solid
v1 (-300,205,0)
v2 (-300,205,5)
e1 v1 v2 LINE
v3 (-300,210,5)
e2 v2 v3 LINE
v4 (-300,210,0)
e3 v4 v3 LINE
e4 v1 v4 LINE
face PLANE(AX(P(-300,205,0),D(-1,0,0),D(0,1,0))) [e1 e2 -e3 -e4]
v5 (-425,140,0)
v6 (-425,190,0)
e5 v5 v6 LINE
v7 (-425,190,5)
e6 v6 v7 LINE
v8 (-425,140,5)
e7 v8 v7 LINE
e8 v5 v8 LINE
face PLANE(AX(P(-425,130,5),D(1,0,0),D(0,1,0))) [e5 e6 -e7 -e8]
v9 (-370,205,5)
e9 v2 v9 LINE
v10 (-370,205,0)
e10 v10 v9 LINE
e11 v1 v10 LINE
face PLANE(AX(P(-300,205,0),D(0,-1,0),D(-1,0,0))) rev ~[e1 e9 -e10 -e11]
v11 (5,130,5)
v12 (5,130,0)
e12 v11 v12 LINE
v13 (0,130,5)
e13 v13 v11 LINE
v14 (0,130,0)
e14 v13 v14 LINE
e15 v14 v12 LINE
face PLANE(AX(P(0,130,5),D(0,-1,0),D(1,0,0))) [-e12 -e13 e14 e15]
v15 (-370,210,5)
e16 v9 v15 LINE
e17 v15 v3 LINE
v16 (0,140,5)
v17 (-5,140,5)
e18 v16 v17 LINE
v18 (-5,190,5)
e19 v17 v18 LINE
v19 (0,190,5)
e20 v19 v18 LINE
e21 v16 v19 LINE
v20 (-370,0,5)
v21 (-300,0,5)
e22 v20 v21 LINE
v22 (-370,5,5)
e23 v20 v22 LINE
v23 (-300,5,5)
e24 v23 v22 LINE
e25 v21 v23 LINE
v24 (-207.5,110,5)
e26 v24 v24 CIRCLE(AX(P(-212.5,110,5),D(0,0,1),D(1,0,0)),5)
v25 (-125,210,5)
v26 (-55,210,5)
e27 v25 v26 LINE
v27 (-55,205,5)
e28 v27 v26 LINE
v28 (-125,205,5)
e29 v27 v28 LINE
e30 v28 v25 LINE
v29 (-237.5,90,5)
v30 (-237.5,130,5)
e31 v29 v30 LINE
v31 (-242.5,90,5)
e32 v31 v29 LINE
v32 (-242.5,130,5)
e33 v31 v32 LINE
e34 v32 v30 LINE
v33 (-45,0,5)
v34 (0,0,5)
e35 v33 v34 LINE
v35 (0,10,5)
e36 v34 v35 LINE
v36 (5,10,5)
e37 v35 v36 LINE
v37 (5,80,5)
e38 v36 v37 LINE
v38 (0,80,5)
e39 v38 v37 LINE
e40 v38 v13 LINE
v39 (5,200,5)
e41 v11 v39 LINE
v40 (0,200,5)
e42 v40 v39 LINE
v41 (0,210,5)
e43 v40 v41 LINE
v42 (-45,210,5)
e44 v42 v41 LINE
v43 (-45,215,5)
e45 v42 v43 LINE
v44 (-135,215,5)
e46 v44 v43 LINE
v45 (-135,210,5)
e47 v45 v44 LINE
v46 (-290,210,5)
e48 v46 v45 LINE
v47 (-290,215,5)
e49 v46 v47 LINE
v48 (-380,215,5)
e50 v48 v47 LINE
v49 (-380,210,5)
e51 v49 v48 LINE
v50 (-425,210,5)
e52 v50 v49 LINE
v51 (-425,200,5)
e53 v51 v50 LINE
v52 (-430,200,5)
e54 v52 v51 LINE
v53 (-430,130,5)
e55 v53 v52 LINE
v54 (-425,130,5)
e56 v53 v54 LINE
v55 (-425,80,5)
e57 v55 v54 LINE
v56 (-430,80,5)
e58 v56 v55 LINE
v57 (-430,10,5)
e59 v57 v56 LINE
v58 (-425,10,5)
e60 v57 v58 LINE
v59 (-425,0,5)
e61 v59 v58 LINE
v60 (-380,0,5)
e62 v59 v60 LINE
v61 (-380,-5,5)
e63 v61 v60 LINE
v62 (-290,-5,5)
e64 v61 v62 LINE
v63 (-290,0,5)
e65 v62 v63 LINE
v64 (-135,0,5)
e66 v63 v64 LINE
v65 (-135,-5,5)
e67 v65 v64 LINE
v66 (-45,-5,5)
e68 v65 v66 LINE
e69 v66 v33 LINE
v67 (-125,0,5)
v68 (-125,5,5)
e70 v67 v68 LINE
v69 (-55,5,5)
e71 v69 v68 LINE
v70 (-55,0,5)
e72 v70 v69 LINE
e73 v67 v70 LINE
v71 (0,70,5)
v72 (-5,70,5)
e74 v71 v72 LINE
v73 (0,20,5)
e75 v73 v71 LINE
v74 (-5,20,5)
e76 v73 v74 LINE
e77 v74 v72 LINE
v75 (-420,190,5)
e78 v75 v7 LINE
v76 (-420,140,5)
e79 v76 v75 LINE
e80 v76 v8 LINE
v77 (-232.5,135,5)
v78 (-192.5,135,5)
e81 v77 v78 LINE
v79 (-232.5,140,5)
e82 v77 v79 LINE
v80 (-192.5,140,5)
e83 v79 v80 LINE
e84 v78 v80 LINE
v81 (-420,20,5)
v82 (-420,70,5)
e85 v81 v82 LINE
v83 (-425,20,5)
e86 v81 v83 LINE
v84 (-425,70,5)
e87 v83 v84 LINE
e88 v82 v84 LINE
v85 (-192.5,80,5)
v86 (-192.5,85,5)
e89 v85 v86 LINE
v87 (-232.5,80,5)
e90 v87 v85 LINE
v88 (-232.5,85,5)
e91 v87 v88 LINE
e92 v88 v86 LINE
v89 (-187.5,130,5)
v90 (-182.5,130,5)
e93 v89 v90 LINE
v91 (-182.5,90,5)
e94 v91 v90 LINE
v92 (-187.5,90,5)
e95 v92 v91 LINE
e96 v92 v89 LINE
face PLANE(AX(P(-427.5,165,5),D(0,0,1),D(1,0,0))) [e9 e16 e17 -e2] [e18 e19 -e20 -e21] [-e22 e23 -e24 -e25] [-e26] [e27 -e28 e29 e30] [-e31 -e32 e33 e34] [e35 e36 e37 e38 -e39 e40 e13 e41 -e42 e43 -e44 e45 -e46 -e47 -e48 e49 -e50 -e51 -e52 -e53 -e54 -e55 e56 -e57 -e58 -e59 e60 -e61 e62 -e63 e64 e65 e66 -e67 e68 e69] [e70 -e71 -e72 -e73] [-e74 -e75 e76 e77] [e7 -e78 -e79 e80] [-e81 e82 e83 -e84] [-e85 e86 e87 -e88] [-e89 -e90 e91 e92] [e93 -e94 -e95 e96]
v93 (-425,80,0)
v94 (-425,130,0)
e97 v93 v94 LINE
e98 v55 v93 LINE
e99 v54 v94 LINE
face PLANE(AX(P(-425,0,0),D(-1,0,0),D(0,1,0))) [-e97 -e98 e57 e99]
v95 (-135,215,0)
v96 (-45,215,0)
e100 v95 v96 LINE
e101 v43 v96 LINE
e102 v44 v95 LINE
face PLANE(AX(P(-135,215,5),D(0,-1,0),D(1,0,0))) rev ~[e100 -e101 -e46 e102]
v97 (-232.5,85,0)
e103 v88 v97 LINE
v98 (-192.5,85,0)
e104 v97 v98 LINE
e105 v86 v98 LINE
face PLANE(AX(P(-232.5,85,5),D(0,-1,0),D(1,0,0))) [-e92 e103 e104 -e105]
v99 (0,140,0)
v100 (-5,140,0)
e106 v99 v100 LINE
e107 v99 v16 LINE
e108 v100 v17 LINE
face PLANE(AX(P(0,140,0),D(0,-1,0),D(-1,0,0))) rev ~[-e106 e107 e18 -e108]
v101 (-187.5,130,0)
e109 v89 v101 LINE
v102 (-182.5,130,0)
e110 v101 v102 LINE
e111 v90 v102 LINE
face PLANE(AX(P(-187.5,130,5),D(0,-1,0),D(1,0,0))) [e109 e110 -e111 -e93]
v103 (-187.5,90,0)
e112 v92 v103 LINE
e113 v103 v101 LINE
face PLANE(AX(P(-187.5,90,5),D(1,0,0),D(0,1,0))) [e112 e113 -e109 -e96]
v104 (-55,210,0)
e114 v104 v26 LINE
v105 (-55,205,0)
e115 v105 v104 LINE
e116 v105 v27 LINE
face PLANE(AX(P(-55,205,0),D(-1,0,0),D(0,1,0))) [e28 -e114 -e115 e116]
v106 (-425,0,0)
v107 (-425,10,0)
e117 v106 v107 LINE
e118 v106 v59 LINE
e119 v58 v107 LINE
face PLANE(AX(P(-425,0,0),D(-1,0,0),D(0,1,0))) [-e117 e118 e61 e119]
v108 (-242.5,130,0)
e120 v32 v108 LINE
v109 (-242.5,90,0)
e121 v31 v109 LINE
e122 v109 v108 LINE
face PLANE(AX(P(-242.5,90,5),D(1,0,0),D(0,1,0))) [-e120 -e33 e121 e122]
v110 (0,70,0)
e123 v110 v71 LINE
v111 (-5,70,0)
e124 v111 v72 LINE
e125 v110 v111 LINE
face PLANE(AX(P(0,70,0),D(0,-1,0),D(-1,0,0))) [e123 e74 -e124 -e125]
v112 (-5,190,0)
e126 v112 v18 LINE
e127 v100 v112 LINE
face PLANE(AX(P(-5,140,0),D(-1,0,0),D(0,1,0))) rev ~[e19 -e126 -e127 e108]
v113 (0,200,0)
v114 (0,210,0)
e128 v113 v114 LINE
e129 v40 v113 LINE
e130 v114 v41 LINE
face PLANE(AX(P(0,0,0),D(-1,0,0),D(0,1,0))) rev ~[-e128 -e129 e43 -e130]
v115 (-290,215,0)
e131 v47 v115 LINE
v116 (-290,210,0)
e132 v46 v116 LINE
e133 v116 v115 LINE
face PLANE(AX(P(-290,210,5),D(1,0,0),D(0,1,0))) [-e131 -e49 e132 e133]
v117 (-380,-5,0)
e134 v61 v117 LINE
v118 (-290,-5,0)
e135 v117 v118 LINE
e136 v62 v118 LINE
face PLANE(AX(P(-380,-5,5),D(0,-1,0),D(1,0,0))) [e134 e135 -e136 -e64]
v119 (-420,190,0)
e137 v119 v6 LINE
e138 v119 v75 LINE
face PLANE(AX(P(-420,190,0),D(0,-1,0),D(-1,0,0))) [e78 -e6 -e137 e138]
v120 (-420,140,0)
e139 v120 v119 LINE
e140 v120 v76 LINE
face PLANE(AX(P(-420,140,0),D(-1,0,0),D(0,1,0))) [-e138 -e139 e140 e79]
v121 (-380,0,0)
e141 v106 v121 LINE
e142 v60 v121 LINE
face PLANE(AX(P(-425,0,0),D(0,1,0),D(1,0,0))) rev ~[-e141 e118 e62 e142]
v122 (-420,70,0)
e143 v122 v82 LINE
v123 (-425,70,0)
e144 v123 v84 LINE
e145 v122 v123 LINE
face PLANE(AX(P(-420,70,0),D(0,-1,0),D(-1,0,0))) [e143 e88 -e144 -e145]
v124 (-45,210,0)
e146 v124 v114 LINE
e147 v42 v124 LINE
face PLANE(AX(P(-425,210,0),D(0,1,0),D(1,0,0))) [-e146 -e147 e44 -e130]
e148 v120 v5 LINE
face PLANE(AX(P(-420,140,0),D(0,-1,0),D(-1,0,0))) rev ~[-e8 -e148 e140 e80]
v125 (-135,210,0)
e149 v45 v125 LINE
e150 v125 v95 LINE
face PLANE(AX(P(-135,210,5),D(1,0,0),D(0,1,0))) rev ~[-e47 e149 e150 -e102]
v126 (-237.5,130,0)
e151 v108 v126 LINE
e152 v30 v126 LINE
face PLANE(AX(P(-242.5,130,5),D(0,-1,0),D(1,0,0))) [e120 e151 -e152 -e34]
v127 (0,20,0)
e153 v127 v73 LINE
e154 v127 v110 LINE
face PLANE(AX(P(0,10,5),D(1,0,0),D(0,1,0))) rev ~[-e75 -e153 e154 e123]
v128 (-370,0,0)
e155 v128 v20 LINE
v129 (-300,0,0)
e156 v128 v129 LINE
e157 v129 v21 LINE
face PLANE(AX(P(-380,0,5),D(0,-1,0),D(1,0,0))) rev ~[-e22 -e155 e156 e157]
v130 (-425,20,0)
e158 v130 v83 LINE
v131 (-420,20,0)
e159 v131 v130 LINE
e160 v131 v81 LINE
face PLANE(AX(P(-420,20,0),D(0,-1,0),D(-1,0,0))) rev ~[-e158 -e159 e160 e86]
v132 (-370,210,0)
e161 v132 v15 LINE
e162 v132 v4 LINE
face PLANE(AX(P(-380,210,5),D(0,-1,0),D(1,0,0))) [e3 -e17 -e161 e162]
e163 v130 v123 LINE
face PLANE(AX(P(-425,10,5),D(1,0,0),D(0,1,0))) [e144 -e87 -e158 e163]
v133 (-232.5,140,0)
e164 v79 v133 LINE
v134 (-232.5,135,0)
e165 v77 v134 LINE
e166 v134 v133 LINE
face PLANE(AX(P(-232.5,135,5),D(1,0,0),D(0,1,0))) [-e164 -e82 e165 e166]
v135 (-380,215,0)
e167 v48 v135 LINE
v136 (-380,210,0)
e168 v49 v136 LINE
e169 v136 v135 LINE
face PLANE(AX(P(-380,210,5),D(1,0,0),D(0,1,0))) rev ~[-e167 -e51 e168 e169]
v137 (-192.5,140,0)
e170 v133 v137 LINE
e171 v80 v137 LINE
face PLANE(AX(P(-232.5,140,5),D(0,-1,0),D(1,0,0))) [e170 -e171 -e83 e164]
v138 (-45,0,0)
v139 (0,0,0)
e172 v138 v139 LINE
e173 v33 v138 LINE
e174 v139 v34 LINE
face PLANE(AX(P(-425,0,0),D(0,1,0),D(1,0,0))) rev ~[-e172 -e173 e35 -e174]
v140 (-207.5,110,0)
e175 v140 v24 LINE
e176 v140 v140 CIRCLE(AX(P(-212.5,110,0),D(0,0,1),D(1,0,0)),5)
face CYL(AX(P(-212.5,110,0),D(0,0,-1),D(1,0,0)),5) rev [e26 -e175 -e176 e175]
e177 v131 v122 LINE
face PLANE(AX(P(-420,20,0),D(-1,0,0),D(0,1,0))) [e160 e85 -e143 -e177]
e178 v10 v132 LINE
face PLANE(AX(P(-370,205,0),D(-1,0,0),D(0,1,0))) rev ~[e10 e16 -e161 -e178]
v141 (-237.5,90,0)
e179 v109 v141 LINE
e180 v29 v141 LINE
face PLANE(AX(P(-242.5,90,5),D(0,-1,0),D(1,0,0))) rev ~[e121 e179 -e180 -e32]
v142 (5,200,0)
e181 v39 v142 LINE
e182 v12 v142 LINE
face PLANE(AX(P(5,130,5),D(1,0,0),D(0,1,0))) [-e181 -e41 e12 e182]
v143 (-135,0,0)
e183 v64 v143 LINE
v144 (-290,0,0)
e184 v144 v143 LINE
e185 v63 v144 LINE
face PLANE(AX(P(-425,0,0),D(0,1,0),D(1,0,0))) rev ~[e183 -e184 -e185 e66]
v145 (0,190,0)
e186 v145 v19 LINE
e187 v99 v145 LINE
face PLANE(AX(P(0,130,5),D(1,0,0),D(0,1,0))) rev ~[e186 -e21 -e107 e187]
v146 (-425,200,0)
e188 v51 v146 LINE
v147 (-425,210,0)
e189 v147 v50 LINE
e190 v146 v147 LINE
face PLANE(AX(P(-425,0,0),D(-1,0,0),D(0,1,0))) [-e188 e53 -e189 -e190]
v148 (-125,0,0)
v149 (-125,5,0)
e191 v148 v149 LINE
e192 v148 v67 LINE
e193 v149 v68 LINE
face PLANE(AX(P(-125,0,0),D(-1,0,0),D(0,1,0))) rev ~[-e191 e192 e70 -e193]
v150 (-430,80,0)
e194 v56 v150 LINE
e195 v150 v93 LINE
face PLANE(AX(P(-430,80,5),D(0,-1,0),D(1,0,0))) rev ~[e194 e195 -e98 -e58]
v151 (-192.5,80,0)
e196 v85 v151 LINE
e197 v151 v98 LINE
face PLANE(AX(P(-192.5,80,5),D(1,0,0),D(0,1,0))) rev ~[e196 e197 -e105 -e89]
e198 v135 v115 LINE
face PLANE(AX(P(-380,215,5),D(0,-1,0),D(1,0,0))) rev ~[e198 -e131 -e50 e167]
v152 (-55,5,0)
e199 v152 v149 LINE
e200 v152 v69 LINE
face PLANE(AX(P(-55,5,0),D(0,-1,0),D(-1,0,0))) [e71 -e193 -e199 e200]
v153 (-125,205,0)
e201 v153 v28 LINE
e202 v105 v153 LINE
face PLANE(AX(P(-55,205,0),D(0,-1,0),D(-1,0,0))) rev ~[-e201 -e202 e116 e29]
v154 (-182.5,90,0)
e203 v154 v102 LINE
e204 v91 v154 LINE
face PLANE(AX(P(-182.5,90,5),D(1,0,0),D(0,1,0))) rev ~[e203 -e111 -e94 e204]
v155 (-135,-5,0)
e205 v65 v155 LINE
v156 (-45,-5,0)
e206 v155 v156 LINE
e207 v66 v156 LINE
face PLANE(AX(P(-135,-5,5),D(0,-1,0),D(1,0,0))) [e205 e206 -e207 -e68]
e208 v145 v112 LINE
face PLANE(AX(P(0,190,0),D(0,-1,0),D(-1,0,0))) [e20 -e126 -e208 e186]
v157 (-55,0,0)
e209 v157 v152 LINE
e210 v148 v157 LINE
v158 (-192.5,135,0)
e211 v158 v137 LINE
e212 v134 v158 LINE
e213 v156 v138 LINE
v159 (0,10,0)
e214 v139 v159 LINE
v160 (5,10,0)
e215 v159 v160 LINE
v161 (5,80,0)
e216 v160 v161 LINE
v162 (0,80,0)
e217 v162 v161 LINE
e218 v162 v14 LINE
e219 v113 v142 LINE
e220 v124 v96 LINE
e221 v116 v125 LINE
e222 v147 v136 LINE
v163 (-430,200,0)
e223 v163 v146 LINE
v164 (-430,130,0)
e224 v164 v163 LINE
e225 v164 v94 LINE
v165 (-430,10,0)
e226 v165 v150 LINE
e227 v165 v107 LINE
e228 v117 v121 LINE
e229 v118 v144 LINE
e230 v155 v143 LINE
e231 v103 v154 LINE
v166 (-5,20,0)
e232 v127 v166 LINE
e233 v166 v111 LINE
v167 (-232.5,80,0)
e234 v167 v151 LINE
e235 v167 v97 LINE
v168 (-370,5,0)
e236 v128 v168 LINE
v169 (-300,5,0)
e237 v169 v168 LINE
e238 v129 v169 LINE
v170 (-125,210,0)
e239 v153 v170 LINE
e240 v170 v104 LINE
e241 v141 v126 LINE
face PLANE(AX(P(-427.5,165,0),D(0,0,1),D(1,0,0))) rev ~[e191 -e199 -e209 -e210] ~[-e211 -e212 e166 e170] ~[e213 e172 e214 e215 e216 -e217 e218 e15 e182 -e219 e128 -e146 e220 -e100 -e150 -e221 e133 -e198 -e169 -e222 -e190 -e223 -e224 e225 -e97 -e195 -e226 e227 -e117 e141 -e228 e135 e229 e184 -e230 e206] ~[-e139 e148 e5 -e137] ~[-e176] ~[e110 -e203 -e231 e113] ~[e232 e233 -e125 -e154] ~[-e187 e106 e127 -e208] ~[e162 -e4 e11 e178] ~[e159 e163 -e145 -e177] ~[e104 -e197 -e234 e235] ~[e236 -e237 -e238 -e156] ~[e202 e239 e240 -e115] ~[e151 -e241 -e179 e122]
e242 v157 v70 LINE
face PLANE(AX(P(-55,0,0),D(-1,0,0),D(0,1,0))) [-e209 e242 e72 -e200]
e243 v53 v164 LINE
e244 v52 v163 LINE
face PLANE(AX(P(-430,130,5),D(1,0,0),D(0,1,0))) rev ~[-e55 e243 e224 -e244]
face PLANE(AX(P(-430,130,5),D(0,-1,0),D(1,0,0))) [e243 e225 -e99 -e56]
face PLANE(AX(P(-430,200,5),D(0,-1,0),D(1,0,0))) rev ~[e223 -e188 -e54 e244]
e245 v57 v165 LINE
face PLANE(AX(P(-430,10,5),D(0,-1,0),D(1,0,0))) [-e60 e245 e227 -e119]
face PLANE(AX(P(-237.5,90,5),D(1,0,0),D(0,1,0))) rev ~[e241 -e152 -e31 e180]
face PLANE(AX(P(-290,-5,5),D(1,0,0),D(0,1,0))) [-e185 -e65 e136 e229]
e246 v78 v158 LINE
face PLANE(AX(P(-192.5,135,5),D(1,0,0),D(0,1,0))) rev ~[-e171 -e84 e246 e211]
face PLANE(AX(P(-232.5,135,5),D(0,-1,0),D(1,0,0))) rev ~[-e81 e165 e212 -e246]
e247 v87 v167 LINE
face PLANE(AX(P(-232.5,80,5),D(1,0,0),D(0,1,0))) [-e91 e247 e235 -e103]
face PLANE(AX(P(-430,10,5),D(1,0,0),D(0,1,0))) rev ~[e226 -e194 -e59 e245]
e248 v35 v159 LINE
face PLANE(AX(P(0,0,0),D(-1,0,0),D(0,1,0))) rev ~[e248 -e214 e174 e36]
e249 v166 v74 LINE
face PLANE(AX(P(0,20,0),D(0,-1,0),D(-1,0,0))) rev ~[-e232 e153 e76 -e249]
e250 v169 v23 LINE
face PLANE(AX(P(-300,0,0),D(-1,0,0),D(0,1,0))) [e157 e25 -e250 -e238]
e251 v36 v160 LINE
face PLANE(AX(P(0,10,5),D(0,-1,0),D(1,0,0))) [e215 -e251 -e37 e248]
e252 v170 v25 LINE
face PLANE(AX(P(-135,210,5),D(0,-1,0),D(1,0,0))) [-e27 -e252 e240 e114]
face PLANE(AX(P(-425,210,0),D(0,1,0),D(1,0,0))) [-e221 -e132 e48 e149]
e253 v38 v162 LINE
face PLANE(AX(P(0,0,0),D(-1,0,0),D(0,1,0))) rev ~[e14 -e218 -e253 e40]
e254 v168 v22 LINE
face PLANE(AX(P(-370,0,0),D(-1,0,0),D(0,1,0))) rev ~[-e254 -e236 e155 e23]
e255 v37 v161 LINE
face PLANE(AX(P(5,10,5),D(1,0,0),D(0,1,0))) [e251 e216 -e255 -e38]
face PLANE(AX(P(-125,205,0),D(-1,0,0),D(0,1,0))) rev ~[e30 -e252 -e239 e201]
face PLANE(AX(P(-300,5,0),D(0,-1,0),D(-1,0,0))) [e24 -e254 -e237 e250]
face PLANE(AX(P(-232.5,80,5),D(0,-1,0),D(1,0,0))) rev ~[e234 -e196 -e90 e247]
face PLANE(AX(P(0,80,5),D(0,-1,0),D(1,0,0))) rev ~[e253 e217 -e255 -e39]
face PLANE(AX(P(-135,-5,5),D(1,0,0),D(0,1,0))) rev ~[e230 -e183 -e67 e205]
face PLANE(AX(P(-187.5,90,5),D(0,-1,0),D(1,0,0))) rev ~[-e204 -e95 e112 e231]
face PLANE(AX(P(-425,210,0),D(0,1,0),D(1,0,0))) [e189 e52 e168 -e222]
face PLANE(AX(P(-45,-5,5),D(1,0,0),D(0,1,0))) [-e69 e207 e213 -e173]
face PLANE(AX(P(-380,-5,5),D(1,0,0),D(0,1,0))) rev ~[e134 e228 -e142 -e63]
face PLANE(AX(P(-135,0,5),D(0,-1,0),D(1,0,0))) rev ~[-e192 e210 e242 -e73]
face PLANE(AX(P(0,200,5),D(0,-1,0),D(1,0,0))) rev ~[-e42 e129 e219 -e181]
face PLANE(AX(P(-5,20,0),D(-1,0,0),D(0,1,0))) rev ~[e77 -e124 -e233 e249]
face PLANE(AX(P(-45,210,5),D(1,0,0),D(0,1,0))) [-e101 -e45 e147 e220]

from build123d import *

# Parameters (mm, degrees)
SKETCH1_W           = 425
SKETCH1_H           = 210
SKETCH1_R           = 5
BOSS_EXTRUDE1_DEPTH = 5
SKETCH2_W           = 70
SKETCH2_H           = 5
SKETCH2_W_2         = 5
SKETCH2_H_2         = 50
CUT_EXTRUDE1_DEPTH  = 5
SKETCH3_W           = 90
SKETCH3_H           = 5
BOSS_EXTRUDE2_DEPTH = 5
SKETCH4_W           = 5
SKETCH4_H           = 70
BOSS_EXTRUDE3_DEPTH = 5
SKETCH5_W           = 5
SKETCH5_H           = 40
SKETCH5_W_2         = 40
SKETCH5_H_2         = 5
CUT_EXTRUDE2_DEPTH  = 5


with BuildPart() as part:
    # Sketch1 → Boss-Extrude1 (new body)
    with BuildSketch(Plane.XY):
        with Locations((-212.5, 105)):
            Rectangle(SKETCH1_W, SKETCH1_H)
        with Locations((-212.5, 110)):
            Circle(SKETCH1_R, mode=Mode.SUBTRACT)
    extrude(amount=BOSS_EXTRUDE1_DEPTH)

    # Sketch2 → Cut-Extrude1 (cut)
    with BuildSketch(Plane(origin=(0, 0, 0), x_dir=(-1, 0, 0), z_dir=(0, 0, -1))):
        with Locations((90, 2.5)):
            Rectangle(SKETCH2_W, SKETCH2_H)
        with Locations((2.5, 45)):
            Rectangle(SKETCH2_W_2, SKETCH2_H_2)
        with Locations((2.5, 165)):
            Rectangle(SKETCH2_W_2, SKETCH2_H_2)
        with Locations((90, 207.5)):
            Rectangle(SKETCH2_W, SKETCH2_H)
        with Locations((335, 207.5)):
            Rectangle(SKETCH2_W, SKETCH2_H)
        with Locations((422.5, 165)):
            Rectangle(SKETCH2_W_2, SKETCH2_H_2)
        with Locations((422.5, 45)):
            Rectangle(SKETCH2_W_2, SKETCH2_H_2)
        with Locations((335, 2.5)):
            Rectangle(SKETCH2_W, SKETCH2_H)
    extrude(amount=-CUT_EXTRUDE1_DEPTH, mode=Mode.SUBTRACT)

    # Sketch3 → Boss-Extrude2 (add)
    with BuildSketch(Plane.XY.offset(5)):
        with Locations((-335, 212.5)):
            Rectangle(SKETCH3_W, SKETCH3_H)
        with Locations((-90, 212.5)):
            Rectangle(SKETCH3_W, SKETCH3_H)
        with Locations((-335, -2.5)):
            Rectangle(SKETCH3_W, SKETCH3_H)
        with Locations((-90, -2.5)):
            Rectangle(SKETCH3_W, SKETCH3_H)
    extrude(amount=-BOSS_EXTRUDE2_DEPTH)

    # Sketch4 → Boss-Extrude3 (add)
    with BuildSketch(Plane.XY.offset(5)):
        with Locations((-427.5, 165)):
            Rectangle(SKETCH4_W, SKETCH4_H)
        with Locations((-427.5, 45)):
            Rectangle(SKETCH4_W, SKETCH4_H)
        with Locations((2.5, 45)):
            Rectangle(SKETCH4_W, SKETCH4_H)
        with Locations((2.5, 165)):
            Rectangle(SKETCH4_W, SKETCH4_H)
    extrude(amount=-BOSS_EXTRUDE3_DEPTH)

    # Sketch5 → Cut-Extrude2 (cut)
    with BuildSketch(Plane.XY.offset(5)):
        with Locations((-240, 110)):
            Rectangle(SKETCH5_W, SKETCH5_H)
        with Locations((-212.5, 82.5)):
            Rectangle(SKETCH5_W_2, SKETCH5_H_2)
        with Locations((-212.5, 137.5)):
            Rectangle(SKETCH5_W_2, SKETCH5_H_2)
        with Locations((-185, 110)):
            Rectangle(SKETCH5_W, SKETCH5_H)
    extrude(amount=-CUT_EXTRUDE2_DEPTH, mode=Mode.SUBTRACT)


solid = part.part
